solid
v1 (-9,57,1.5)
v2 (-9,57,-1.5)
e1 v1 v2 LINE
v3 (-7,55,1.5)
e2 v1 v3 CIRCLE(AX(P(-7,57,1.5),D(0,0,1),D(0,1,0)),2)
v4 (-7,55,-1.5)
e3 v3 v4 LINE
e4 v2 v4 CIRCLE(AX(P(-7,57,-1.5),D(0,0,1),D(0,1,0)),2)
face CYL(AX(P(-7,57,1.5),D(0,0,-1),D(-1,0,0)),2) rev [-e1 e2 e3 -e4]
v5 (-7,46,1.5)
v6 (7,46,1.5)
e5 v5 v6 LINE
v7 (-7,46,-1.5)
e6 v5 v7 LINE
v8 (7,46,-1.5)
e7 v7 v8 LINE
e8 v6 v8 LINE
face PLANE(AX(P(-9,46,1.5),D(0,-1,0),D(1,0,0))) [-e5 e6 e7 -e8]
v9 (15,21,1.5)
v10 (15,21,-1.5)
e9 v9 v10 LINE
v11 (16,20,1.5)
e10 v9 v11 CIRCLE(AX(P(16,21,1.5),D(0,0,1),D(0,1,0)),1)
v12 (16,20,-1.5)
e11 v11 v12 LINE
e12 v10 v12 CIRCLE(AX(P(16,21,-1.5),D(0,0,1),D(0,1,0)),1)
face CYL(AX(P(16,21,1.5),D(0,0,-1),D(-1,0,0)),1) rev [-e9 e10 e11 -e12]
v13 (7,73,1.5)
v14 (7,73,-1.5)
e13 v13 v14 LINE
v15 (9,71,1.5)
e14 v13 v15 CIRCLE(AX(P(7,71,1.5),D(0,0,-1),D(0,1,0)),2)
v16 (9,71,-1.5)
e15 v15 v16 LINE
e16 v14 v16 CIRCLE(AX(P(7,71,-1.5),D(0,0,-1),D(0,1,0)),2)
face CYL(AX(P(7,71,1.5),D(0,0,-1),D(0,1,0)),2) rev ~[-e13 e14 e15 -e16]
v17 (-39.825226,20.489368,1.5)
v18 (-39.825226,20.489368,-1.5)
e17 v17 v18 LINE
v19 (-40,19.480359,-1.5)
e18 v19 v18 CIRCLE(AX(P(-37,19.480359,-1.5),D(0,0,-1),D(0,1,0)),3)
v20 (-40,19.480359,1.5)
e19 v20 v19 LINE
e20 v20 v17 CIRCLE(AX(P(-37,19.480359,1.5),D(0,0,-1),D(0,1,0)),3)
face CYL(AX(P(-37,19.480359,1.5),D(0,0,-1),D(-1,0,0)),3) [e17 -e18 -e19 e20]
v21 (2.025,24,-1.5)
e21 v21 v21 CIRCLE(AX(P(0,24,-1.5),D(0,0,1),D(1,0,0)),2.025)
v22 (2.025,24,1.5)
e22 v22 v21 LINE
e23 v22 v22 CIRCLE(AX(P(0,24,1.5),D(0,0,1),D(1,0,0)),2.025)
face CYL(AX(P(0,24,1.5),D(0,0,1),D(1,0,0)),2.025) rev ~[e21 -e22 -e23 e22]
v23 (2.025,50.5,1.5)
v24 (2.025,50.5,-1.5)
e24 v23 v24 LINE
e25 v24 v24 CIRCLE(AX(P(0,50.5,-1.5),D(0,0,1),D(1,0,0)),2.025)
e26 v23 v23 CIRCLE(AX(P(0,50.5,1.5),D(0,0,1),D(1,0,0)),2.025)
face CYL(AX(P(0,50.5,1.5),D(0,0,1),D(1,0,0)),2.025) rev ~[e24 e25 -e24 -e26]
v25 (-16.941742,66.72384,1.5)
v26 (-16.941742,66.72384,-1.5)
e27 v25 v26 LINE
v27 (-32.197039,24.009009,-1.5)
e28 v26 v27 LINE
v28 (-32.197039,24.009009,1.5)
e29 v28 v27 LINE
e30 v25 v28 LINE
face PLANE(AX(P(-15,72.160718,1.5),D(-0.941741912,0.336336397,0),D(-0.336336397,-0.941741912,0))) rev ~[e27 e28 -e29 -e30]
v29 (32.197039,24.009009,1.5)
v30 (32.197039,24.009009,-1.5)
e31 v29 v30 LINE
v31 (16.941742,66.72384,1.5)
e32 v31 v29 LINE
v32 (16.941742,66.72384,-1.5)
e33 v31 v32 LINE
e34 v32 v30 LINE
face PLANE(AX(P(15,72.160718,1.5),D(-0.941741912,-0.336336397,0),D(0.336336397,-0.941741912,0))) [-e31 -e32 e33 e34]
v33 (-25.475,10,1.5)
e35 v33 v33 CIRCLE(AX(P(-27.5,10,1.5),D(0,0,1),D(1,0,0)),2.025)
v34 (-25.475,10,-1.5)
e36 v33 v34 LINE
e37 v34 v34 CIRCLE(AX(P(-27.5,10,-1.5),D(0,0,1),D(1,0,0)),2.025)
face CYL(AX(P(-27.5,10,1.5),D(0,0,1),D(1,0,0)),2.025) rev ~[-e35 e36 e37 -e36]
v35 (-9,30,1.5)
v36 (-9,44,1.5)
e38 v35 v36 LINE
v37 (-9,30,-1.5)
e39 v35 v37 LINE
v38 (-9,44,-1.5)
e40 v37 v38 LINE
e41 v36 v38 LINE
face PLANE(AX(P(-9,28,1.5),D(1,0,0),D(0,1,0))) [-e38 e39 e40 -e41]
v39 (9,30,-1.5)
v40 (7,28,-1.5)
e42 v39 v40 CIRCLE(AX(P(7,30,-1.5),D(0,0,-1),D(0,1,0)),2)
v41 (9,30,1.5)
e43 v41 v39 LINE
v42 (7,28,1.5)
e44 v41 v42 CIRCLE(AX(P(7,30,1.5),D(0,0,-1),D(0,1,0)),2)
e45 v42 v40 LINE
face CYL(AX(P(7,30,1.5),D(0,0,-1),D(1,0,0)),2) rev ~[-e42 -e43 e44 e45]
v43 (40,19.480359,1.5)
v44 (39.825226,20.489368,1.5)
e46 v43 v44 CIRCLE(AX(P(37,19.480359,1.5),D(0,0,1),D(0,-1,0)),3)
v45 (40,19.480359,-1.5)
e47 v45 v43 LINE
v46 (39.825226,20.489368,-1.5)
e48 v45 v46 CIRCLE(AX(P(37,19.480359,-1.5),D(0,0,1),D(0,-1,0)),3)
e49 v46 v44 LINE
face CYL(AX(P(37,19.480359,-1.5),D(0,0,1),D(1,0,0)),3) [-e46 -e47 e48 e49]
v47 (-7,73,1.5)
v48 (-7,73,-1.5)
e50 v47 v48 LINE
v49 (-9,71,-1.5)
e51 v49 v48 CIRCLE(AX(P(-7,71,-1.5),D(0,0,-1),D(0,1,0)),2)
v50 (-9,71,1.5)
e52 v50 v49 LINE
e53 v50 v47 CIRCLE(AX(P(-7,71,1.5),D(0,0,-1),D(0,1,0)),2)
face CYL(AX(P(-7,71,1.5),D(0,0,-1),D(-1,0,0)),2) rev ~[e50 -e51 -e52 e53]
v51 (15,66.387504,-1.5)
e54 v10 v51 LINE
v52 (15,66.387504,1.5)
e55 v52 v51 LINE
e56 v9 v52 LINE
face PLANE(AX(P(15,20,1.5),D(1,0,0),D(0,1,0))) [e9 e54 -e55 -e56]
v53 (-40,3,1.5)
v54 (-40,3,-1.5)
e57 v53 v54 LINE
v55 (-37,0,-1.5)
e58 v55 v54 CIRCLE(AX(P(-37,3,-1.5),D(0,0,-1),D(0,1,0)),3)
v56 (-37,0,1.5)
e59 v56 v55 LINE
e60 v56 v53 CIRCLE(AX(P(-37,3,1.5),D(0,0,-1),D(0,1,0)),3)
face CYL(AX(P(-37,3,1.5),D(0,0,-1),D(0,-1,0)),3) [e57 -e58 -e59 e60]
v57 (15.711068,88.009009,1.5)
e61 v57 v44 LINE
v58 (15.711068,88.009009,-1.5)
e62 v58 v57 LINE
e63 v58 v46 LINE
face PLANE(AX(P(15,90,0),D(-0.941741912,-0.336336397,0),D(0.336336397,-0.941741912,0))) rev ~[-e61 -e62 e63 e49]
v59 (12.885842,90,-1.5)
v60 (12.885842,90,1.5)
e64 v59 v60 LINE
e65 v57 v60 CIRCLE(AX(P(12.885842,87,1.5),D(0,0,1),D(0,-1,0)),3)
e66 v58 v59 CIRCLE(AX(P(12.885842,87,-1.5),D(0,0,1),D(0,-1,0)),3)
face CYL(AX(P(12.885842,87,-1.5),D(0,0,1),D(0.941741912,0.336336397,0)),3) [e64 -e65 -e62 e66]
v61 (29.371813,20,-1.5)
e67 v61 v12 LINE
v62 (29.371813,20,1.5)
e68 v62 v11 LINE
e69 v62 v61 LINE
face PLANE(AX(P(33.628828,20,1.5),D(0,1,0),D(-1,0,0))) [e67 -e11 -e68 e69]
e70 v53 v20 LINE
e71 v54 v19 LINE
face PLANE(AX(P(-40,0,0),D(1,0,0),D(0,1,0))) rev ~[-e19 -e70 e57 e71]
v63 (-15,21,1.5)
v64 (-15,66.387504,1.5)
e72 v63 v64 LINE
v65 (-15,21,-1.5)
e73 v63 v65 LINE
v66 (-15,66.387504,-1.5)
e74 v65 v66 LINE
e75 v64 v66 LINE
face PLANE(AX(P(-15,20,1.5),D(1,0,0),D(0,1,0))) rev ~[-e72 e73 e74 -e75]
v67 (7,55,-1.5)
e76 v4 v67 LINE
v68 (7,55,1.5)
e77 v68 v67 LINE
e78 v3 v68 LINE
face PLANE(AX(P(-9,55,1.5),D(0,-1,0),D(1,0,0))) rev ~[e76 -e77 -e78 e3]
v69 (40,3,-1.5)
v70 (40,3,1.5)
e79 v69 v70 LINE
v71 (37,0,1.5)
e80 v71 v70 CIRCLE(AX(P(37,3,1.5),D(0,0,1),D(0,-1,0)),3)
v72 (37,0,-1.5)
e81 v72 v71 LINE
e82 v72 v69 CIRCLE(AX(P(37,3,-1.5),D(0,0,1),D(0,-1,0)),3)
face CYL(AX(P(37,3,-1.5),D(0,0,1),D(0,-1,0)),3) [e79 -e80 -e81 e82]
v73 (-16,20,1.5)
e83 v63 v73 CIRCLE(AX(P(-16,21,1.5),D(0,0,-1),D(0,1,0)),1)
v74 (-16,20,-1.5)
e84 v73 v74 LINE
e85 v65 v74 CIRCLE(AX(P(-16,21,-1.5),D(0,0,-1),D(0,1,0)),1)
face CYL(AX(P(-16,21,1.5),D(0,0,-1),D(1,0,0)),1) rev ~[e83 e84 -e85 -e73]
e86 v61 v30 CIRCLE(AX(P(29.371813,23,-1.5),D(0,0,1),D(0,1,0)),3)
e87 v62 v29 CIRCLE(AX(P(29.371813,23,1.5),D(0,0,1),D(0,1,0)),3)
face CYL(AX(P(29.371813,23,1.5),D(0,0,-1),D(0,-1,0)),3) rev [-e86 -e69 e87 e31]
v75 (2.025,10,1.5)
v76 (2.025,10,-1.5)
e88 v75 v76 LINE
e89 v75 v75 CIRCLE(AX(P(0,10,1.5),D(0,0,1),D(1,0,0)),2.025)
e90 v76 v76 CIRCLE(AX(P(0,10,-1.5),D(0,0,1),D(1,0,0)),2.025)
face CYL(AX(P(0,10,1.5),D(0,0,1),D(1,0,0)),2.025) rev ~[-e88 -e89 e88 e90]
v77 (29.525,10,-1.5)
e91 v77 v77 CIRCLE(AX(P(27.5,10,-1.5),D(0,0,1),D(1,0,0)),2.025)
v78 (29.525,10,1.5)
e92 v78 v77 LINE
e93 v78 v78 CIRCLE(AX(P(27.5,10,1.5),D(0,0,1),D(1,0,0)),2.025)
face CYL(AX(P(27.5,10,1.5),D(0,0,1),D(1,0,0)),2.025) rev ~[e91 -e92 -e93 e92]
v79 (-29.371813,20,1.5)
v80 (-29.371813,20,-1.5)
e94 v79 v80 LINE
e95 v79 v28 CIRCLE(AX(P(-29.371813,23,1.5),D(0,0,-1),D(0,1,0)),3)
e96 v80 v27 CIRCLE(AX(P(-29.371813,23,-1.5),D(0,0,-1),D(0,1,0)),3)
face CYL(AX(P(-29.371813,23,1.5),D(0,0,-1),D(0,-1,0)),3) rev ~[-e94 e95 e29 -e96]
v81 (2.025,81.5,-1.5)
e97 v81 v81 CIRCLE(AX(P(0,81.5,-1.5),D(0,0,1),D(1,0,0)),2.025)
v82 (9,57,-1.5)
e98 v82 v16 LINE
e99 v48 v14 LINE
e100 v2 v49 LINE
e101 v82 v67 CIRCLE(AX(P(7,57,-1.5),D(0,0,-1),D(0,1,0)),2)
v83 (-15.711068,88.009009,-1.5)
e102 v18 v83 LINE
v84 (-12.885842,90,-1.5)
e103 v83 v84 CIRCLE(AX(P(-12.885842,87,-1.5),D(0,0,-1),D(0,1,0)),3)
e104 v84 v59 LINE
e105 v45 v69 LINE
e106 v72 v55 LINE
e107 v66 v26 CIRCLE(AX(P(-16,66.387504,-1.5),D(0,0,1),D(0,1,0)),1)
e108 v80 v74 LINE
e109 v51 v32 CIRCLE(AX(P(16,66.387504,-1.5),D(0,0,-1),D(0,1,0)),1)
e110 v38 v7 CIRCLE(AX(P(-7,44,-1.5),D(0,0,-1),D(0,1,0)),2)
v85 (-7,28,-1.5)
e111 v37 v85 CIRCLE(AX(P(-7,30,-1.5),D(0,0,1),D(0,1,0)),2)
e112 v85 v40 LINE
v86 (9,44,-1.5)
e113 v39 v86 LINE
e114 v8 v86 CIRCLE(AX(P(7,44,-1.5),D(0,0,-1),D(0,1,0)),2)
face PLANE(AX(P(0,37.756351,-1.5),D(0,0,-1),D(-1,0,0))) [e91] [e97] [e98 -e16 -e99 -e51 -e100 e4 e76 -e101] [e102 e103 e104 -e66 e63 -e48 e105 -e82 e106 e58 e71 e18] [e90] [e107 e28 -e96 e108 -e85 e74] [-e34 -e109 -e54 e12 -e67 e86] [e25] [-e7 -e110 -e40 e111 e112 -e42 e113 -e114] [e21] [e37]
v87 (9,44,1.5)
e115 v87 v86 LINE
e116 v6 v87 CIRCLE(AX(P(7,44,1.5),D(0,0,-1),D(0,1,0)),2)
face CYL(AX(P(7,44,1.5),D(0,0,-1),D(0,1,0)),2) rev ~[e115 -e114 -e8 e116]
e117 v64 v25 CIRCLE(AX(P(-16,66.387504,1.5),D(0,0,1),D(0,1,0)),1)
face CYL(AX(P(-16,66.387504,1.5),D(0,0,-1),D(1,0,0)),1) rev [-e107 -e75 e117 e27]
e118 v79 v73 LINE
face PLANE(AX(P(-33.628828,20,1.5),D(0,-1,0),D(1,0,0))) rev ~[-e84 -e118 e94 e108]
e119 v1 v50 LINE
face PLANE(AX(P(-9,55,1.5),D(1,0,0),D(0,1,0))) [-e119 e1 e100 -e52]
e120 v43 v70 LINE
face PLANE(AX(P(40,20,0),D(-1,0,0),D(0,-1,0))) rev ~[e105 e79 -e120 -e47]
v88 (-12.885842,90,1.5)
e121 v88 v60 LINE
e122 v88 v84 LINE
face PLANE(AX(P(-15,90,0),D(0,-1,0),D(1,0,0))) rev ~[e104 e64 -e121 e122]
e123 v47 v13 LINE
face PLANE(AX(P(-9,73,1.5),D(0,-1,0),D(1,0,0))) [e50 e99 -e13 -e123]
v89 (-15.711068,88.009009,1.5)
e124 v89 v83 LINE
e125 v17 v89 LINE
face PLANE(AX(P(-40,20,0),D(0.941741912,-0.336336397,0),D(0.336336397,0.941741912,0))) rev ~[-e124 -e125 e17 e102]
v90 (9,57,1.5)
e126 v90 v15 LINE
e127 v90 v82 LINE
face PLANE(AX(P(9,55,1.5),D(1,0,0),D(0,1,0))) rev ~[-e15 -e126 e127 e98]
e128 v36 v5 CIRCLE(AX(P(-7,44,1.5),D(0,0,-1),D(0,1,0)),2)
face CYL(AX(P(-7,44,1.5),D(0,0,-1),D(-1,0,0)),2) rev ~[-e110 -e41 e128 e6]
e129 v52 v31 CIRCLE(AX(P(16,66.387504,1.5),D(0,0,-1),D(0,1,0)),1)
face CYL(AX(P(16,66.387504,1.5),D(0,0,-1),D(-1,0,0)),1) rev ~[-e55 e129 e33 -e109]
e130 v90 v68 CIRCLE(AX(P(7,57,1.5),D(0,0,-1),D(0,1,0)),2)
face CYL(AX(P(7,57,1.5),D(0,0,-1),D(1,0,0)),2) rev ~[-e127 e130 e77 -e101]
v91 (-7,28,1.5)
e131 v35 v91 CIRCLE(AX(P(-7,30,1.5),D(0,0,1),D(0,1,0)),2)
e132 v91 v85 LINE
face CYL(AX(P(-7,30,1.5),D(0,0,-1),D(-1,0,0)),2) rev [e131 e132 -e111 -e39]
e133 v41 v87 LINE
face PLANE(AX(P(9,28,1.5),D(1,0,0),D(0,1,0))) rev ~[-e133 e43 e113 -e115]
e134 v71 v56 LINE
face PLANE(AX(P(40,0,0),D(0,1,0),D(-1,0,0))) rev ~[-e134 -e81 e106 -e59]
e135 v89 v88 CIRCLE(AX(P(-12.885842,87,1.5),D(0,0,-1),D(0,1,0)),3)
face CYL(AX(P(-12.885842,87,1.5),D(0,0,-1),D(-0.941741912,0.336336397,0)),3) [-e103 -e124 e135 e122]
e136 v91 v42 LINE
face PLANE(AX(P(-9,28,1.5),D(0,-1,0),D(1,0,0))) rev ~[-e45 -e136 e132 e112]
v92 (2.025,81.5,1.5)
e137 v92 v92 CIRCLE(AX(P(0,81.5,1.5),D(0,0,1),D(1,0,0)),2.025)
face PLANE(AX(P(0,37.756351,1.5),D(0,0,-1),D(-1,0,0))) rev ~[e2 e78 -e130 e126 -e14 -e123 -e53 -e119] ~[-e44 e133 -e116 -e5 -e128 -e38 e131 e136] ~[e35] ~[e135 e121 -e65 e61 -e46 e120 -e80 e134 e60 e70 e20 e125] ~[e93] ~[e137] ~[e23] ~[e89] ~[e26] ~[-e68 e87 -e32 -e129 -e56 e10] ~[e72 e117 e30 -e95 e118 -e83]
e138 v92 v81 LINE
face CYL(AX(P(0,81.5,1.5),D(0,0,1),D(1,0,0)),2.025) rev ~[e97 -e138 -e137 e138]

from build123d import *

# Parameters (mm, degrees)
EXTRUDE_1_DEPTH          = 1.5
SKETCH_2_W               = 18
SKETCH_2_H               = 18
CUT_EXTRUDE_1_DEPTH      = 3
FILLET_1_R               = 1
FILLET_2_R               = 2
FILLET_3_R               = 3
SKETCH_3_R               = 2.025
CUT_EXTRUDE_2_DEPTH      = 1
CUT_EXTRUDE_2_DEPTH_BACK = 4
SKETCH_4_R               = 2.025
CUT_EXTRUDE_3_DEPTH      = 1
CUT_EXTRUDE_3_DEPTH_BACK = 4
SKETCH_5_R               = 2.025
CUT_EXTRUDE_4_DEPTH      = 1
CUT_EXTRUDE_4_DEPTH_BACK = 4
FILLET_4_R               = 3


with BuildPart() as part:
    # 草图1 → 凸台-拉伸1 (new body, symmetric)
    with BuildSketch(Plane.XY):
        Polygon((40, 0), (-40, 0), (-40, 20), (-15, 90), (15, 90), (40, 20), align=None)
    extrude(amount=EXTRUDE_1_DEPTH, both=True)

    # 草图2 → 切除-拉伸1 (cut)
    with BuildSketch(Plane.XY.offset(1.5)):
        Polygon((-15, 72.160717503), (-33.62882768, 20), (-15, 20), align=None)
        with Locations((0, 64)):
            Rectangle(SKETCH_2_W, SKETCH_2_H)
        with Locations((0, 37)):
            Rectangle(SKETCH_2_W, SKETCH_2_H)
        Polygon((15, 20), (15, 72.160717503), (33.62882768, 20), align=None)
    extrude(amount=-CUT_EXTRUDE_1_DEPTH, mode=Mode.SUBTRACT)

    # 圆角1
    fillet_1_edges = [part.edges().sort_by_distance(p)[0] for p in [
        (-15, 20, 0),
        (-15, 72.160717503, 0),
        (15, 72.160717503, 0),
        (15, 20, 0),
    ]]
    fillet(fillet_1_edges, radius=FILLET_1_R)

    # 圆角2
    fillet_2_edges = [part.edges().sort_by_distance(p)[0] for p in [
        (-9, 46, 0),
        (-9, 28, 0),
        (9, 28, 0),
        (9, 46, 0),
        (-9, 73, 0),
        (-9, 55, 0),
        (9, 55, 0),
        (9, 73, 0),
    ]]
    fillet(fillet_2_edges, radius=FILLET_2_R)

    # 圆角3
    fillet_3_edges = [part.edges().sort_by_distance(p)[0] for p in [
        (40, 0, 0),
        (-40, 0, 0),
        (-40, 20, 0),
        (-15, 90, 0),
        (15, 90, 0),
        (40, 20, 0),
    ]]
    fillet(fillet_3_edges, radius=FILLET_3_R)

    # 草图3 → 切除-拉伸2 (cut, two sides)
    with BuildSketch(Plane.XY.offset(1.5)) as cut_extrude_2_sk:
        with Locations((-27.5, 10)):
            Circle(SKETCH_3_R)
        with Locations((27.5, 10)):
            Circle(SKETCH_3_R)
    extrude(amount=CUT_EXTRUDE_2_DEPTH, mode=Mode.SUBTRACT)
    extrude(cut_extrude_2_sk.sketch, amount=-CUT_EXTRUDE_2_DEPTH_BACK, mode=Mode.SUBTRACT)

    # 草图4 → 切除-拉伸3 (cut, two sides)
    with BuildSketch(Plane.XY.offset(1.5)) as cut_extrude_3_sk:
        with Locations((0, 10)):
            Circle(SKETCH_4_R)
    extrude(amount=CUT_EXTRUDE_3_DEPTH, mode=Mode.SUBTRACT)
    extrude(cut_extrude_3_sk.sketch, amount=-CUT_EXTRUDE_3_DEPTH_BACK, mode=Mode.SUBTRACT)

    # 草图5 → 切除-拉伸4 (cut, two sides)
    with BuildSketch(Plane.XY.offset(1.5)) as cut_extrude_4_sk:
        with Locations((0, 24)):
            Circle(SKETCH_5_R)
        with Locations((0, 50.5)):
            Circle(SKETCH_5_R)
        with Locations((0, 81.5)):
            Circle(SKETCH_5_R)
    extrude(amount=CUT_EXTRUDE_4_DEPTH, mode=Mode.SUBTRACT)
    extrude(cut_extrude_4_sk.sketch, amount=-CUT_EXTRUDE_4_DEPTH_BACK, mode=Mode.SUBTRACT)

    # 圆角4
    fillet_4_edges = [part.edges().sort_by_distance(p)[0] for p in [
        (-33.62882768, 20, 0),
        (33.62882768, 20, 0),
    ]]
    fillet(fillet_4_edges, radius=FILLET_4_R)


solid = part.part
